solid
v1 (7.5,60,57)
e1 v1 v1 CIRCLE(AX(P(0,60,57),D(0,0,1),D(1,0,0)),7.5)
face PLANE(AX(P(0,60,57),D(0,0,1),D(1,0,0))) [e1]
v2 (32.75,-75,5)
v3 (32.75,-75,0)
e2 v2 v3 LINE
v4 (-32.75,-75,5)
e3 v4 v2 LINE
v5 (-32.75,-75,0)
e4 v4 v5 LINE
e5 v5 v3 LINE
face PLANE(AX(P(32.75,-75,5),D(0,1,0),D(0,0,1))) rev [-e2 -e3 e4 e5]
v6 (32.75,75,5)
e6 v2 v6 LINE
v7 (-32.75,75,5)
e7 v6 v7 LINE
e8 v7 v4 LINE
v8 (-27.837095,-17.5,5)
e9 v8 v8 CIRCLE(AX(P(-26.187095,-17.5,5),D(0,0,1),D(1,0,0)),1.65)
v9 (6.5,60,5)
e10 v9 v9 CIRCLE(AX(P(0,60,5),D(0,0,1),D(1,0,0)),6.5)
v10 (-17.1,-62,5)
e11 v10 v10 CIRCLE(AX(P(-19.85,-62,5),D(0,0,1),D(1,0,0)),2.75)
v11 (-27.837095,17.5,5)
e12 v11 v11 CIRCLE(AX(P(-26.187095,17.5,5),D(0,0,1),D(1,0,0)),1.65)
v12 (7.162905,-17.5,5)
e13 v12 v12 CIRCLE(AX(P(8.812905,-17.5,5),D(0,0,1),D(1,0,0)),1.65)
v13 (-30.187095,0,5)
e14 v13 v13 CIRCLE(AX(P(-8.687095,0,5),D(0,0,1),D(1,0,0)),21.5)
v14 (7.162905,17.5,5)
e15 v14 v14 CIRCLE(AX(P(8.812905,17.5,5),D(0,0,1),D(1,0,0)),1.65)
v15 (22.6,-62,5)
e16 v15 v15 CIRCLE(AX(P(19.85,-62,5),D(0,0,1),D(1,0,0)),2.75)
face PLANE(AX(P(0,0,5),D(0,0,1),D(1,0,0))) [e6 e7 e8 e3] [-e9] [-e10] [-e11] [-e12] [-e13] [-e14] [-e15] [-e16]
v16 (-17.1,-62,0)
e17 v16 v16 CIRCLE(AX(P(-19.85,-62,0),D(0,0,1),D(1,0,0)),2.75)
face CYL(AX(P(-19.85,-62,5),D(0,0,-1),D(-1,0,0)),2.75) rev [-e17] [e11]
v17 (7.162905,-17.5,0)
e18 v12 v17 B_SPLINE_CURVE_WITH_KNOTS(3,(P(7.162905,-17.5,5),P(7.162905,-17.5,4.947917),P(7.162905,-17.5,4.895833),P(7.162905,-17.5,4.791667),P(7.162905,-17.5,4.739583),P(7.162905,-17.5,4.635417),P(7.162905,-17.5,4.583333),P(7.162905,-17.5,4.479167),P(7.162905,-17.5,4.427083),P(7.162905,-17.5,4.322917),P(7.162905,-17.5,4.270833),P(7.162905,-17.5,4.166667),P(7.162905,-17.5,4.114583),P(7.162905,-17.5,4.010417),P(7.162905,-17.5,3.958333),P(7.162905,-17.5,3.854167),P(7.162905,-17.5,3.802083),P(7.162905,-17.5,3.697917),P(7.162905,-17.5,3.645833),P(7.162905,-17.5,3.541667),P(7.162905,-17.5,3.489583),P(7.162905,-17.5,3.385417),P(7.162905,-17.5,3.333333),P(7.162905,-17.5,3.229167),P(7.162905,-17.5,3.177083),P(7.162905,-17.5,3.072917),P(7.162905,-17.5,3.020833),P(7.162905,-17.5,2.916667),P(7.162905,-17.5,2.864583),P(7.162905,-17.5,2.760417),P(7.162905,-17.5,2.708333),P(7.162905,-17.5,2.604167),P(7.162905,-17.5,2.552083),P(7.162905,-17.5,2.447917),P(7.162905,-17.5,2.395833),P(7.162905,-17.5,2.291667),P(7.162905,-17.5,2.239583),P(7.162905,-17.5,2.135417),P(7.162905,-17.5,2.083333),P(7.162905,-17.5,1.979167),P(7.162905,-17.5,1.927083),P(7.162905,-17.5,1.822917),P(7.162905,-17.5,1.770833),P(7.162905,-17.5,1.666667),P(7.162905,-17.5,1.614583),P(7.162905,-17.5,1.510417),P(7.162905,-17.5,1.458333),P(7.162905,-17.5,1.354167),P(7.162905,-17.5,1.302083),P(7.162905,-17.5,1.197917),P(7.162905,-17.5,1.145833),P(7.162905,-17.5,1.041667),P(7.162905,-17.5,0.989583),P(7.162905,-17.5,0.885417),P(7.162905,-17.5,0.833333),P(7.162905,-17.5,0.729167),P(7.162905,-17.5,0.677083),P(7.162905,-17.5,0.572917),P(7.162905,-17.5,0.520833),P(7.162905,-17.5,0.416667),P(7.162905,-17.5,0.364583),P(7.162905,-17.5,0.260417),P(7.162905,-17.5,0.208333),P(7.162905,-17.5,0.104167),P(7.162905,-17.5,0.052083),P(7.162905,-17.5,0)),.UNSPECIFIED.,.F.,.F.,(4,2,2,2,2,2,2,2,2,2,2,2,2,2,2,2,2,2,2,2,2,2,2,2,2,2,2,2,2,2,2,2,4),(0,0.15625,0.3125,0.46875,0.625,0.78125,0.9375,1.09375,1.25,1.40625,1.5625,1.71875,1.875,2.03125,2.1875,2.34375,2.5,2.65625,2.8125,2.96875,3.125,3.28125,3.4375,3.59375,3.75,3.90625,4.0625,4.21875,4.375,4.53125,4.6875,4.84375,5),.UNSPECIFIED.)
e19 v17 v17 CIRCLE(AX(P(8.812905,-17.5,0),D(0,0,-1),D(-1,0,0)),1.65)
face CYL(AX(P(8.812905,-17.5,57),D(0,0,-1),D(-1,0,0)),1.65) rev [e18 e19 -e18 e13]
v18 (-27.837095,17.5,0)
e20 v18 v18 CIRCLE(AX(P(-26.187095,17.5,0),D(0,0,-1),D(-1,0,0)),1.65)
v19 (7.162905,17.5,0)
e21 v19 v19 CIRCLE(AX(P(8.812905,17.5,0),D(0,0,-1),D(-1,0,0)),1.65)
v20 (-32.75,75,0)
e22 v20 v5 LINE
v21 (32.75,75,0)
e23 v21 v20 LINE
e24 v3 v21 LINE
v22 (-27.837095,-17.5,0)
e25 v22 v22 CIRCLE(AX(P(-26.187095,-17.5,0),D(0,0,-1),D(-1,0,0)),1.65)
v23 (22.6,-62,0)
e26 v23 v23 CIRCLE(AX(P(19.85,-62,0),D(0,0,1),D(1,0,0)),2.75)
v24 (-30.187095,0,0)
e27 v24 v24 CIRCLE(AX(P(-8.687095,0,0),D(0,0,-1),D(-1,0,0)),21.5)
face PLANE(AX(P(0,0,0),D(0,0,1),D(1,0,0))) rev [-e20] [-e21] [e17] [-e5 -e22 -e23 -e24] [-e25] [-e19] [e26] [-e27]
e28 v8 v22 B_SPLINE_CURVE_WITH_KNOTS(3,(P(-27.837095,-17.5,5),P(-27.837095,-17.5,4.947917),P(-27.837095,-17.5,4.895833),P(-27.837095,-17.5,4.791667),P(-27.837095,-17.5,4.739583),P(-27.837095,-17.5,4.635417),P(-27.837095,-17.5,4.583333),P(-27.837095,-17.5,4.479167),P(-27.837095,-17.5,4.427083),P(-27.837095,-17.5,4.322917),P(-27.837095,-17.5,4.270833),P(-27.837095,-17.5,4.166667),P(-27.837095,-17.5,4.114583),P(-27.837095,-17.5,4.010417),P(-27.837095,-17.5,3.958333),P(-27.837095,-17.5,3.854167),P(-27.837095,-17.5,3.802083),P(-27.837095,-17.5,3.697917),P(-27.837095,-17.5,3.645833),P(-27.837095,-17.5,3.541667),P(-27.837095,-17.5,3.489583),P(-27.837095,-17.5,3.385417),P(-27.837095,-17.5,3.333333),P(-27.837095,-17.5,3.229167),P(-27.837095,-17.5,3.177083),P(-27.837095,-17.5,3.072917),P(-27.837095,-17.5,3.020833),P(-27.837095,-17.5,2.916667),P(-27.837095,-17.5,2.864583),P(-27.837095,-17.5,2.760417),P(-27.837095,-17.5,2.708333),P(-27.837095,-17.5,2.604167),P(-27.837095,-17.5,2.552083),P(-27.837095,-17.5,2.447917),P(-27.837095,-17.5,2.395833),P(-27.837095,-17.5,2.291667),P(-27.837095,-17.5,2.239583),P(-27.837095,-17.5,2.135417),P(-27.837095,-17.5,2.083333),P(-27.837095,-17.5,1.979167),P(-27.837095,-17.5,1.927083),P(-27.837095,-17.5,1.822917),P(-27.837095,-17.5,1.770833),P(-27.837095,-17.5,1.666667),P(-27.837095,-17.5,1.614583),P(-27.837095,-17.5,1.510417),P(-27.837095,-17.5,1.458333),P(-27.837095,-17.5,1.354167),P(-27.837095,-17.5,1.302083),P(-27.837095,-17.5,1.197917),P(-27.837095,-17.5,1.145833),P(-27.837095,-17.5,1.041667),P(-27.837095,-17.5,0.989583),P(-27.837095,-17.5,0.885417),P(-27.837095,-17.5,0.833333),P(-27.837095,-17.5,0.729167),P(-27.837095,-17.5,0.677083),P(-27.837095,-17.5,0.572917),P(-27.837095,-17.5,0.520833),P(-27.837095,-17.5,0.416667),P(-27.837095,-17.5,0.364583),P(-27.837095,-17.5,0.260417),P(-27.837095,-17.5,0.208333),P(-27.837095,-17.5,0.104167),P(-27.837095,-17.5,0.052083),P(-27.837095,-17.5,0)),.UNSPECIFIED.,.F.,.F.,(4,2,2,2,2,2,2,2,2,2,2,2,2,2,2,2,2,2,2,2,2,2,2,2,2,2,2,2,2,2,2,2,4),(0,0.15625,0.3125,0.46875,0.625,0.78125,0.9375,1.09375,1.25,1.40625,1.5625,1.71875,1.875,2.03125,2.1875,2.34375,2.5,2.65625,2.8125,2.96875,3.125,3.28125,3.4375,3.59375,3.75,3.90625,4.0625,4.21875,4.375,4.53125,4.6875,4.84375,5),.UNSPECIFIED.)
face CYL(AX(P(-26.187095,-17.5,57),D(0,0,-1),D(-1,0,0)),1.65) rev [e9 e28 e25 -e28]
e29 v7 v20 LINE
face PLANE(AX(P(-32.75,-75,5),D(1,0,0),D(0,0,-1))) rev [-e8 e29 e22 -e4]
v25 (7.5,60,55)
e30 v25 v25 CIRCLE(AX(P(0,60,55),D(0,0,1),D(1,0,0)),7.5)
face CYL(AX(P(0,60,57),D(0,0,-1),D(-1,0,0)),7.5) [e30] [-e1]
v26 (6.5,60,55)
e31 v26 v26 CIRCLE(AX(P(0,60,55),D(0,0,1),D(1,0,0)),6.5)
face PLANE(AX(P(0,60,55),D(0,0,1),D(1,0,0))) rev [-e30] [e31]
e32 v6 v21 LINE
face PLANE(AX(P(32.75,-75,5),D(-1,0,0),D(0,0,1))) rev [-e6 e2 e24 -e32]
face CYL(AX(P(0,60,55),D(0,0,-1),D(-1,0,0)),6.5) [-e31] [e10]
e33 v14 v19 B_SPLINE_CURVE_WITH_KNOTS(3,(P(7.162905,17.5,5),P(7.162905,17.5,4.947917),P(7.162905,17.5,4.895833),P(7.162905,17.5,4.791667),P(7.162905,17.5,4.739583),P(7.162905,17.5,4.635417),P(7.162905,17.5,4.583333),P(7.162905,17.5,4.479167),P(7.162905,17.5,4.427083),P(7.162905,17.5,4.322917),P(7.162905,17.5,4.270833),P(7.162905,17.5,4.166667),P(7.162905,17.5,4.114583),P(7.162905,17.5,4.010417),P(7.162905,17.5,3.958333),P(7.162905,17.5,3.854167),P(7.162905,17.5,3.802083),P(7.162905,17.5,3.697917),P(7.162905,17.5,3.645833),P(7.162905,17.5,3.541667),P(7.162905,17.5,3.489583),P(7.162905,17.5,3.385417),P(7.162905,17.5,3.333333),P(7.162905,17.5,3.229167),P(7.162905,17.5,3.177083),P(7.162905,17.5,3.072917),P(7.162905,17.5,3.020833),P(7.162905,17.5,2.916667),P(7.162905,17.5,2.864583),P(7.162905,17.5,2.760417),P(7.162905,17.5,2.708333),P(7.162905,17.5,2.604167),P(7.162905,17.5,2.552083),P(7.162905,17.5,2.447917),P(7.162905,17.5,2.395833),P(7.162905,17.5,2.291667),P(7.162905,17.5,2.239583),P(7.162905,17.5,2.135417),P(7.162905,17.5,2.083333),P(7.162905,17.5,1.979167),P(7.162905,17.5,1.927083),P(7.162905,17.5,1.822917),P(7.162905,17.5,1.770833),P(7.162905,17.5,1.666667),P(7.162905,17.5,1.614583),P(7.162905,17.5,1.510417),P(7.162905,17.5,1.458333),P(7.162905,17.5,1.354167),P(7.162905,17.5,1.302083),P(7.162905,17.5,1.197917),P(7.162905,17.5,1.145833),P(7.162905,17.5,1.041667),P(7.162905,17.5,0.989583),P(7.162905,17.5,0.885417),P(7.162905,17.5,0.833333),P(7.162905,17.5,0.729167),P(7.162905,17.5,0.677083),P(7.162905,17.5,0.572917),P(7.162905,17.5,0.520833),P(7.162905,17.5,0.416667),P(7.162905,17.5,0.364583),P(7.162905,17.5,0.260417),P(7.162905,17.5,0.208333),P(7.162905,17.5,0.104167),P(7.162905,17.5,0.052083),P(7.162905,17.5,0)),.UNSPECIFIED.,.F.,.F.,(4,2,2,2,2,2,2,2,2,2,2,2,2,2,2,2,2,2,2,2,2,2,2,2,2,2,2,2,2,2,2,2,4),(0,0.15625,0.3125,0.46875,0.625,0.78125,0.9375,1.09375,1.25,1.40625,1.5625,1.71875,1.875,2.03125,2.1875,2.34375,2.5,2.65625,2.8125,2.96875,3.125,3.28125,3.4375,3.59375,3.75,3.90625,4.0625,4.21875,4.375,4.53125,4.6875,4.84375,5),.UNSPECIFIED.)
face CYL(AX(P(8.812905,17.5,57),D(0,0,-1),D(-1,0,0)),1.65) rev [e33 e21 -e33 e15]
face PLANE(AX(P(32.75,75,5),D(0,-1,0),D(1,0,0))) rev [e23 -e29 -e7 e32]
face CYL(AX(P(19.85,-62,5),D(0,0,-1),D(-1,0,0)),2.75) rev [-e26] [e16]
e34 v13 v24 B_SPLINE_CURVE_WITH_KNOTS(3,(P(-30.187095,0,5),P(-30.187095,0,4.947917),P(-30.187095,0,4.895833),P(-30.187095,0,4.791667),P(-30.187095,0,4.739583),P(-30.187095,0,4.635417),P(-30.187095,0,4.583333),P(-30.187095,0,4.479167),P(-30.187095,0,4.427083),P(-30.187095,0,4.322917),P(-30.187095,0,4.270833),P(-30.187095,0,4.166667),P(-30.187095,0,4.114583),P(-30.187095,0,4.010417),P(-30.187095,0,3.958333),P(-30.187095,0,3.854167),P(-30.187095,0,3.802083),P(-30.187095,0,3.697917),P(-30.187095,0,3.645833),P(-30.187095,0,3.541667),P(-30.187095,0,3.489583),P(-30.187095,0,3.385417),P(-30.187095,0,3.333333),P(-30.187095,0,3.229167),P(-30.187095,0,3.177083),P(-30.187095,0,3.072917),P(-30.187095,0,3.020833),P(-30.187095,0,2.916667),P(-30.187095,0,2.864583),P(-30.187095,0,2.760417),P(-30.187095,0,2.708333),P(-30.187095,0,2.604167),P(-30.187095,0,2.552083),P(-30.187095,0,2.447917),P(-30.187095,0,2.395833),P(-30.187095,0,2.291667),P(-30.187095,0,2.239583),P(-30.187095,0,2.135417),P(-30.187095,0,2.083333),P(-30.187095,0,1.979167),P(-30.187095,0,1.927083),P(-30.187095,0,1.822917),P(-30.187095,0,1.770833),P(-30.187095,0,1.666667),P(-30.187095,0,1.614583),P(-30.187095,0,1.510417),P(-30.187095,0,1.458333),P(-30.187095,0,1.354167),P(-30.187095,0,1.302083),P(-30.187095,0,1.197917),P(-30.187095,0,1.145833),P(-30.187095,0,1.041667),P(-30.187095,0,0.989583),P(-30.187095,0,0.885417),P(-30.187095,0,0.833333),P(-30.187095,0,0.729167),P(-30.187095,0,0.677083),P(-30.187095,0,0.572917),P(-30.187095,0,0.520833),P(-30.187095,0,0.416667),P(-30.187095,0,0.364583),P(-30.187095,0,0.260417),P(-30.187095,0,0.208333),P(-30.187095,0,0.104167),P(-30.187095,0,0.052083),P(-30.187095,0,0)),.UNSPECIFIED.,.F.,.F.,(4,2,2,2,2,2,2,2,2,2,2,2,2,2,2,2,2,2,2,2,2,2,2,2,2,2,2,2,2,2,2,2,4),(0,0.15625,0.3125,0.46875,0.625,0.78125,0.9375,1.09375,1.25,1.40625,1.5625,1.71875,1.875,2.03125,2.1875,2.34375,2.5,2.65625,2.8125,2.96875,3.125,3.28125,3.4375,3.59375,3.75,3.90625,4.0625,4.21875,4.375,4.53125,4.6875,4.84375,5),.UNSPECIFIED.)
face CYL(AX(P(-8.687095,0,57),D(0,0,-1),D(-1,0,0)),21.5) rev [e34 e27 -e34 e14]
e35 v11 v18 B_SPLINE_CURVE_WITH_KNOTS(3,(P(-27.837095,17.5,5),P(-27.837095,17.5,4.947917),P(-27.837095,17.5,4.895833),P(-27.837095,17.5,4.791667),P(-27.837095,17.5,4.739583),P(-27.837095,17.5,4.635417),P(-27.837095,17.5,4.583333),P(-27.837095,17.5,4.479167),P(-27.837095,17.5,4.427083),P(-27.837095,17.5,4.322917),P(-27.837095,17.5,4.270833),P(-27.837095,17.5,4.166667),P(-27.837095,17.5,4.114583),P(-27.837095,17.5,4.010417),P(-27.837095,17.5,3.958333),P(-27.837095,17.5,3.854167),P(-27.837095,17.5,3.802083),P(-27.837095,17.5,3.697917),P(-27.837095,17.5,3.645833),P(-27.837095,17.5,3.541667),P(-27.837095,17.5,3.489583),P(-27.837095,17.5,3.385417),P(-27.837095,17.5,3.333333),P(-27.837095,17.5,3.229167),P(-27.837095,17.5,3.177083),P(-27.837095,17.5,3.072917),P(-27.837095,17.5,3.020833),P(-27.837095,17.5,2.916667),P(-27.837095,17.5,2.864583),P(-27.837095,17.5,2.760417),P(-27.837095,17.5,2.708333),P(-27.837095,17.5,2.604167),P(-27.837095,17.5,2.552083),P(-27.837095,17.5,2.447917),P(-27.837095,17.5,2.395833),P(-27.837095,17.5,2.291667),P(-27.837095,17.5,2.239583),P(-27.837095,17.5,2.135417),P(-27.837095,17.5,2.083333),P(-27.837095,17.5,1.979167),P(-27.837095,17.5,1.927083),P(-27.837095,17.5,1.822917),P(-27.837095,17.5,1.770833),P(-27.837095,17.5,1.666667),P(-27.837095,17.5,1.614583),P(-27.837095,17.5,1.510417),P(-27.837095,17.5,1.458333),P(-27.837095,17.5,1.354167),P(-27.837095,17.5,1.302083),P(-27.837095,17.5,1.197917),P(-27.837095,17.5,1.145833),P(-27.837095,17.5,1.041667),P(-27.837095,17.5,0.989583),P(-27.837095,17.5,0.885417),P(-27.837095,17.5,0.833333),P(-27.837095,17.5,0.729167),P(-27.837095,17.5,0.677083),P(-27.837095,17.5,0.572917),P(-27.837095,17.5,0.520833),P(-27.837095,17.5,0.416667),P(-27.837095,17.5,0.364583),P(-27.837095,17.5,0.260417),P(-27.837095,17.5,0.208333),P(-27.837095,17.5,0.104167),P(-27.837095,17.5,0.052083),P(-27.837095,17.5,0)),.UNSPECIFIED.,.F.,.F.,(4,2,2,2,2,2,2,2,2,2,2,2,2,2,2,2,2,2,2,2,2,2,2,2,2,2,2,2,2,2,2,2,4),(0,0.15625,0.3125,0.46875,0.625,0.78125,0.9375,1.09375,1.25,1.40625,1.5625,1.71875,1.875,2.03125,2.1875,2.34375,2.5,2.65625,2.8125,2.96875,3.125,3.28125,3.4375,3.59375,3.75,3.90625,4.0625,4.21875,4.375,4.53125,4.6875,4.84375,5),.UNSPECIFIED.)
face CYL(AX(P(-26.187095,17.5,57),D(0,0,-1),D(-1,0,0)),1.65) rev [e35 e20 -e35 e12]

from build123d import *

# Parameters (mm, degrees)
SKETCH1_W           = 65.5
SKETCH1_H           = 150
SKETCH1_R           = 2.75
BOSS_EXTRUDE1_DEPTH = 5
SKETCH2_R           = 6.5
BOSS_EXTRUDE2_DEPTH = 50
SKETCH3_R           = 7.5
BOSS_EXTRUDE3_DEPTH = 2
SKETCH4_R           = 1.65
SKETCH4_R_2         = 21.5
CUT_EXTRUDE1_DEPTH  = 100.732454597


with BuildPart() as part:
    # Sketch1 → Boss-Extrude1 (new body)
    with BuildSketch(Plane.XY):
        Rectangle(SKETCH1_W, SKETCH1_H)
        with Locations((-19.85, -62)):
            Circle(SKETCH1_R, mode=Mode.SUBTRACT)
        with Locations((19.85, -62)):
            Circle(SKETCH1_R, mode=Mode.SUBTRACT)
    extrude(amount=BOSS_EXTRUDE1_DEPTH)

    # Sketch2 → Boss-Extrude2 (add)
    with BuildSketch(Plane.XY.offset(5)):
        with Locations((0, 60)):
            Circle(SKETCH2_R)
    extrude(amount=BOSS_EXTRUDE2_DEPTH)

    # Sketch3 → Boss-Extrude3 (add)
    with BuildSketch(Plane.XY.offset(55)):
        with Locations((0, 60)):
            Circle(SKETCH3_R)
    extrude(amount=BOSS_EXTRUDE3_DEPTH)

    # Sketch4 → Cut-Extrude1 (cut, through all)
    with BuildSketch(Plane(origin=(0, 0, 0), x_dir=(-1, 0, 0), z_dir=(0, 0, -1))):
        with Locations((26.187094913, 17.5)):
            Circle(SKETCH4_R)
        with Locations((-8.812905087, 17.5)):
            Circle(SKETCH4_R)
        with Locations((-8.812905087, -17.5)):
            Circle(SKETCH4_R)
        with Locations((26.187094913, -17.5)):
            Circle(SKETCH4_R)
        with Locations((8.687094913, 0)):
            Circle(SKETCH4_R_2)
    extrude(amount=-CUT_EXTRUDE1_DEPTH, mode=Mode.SUBTRACT)


solid = part.part
